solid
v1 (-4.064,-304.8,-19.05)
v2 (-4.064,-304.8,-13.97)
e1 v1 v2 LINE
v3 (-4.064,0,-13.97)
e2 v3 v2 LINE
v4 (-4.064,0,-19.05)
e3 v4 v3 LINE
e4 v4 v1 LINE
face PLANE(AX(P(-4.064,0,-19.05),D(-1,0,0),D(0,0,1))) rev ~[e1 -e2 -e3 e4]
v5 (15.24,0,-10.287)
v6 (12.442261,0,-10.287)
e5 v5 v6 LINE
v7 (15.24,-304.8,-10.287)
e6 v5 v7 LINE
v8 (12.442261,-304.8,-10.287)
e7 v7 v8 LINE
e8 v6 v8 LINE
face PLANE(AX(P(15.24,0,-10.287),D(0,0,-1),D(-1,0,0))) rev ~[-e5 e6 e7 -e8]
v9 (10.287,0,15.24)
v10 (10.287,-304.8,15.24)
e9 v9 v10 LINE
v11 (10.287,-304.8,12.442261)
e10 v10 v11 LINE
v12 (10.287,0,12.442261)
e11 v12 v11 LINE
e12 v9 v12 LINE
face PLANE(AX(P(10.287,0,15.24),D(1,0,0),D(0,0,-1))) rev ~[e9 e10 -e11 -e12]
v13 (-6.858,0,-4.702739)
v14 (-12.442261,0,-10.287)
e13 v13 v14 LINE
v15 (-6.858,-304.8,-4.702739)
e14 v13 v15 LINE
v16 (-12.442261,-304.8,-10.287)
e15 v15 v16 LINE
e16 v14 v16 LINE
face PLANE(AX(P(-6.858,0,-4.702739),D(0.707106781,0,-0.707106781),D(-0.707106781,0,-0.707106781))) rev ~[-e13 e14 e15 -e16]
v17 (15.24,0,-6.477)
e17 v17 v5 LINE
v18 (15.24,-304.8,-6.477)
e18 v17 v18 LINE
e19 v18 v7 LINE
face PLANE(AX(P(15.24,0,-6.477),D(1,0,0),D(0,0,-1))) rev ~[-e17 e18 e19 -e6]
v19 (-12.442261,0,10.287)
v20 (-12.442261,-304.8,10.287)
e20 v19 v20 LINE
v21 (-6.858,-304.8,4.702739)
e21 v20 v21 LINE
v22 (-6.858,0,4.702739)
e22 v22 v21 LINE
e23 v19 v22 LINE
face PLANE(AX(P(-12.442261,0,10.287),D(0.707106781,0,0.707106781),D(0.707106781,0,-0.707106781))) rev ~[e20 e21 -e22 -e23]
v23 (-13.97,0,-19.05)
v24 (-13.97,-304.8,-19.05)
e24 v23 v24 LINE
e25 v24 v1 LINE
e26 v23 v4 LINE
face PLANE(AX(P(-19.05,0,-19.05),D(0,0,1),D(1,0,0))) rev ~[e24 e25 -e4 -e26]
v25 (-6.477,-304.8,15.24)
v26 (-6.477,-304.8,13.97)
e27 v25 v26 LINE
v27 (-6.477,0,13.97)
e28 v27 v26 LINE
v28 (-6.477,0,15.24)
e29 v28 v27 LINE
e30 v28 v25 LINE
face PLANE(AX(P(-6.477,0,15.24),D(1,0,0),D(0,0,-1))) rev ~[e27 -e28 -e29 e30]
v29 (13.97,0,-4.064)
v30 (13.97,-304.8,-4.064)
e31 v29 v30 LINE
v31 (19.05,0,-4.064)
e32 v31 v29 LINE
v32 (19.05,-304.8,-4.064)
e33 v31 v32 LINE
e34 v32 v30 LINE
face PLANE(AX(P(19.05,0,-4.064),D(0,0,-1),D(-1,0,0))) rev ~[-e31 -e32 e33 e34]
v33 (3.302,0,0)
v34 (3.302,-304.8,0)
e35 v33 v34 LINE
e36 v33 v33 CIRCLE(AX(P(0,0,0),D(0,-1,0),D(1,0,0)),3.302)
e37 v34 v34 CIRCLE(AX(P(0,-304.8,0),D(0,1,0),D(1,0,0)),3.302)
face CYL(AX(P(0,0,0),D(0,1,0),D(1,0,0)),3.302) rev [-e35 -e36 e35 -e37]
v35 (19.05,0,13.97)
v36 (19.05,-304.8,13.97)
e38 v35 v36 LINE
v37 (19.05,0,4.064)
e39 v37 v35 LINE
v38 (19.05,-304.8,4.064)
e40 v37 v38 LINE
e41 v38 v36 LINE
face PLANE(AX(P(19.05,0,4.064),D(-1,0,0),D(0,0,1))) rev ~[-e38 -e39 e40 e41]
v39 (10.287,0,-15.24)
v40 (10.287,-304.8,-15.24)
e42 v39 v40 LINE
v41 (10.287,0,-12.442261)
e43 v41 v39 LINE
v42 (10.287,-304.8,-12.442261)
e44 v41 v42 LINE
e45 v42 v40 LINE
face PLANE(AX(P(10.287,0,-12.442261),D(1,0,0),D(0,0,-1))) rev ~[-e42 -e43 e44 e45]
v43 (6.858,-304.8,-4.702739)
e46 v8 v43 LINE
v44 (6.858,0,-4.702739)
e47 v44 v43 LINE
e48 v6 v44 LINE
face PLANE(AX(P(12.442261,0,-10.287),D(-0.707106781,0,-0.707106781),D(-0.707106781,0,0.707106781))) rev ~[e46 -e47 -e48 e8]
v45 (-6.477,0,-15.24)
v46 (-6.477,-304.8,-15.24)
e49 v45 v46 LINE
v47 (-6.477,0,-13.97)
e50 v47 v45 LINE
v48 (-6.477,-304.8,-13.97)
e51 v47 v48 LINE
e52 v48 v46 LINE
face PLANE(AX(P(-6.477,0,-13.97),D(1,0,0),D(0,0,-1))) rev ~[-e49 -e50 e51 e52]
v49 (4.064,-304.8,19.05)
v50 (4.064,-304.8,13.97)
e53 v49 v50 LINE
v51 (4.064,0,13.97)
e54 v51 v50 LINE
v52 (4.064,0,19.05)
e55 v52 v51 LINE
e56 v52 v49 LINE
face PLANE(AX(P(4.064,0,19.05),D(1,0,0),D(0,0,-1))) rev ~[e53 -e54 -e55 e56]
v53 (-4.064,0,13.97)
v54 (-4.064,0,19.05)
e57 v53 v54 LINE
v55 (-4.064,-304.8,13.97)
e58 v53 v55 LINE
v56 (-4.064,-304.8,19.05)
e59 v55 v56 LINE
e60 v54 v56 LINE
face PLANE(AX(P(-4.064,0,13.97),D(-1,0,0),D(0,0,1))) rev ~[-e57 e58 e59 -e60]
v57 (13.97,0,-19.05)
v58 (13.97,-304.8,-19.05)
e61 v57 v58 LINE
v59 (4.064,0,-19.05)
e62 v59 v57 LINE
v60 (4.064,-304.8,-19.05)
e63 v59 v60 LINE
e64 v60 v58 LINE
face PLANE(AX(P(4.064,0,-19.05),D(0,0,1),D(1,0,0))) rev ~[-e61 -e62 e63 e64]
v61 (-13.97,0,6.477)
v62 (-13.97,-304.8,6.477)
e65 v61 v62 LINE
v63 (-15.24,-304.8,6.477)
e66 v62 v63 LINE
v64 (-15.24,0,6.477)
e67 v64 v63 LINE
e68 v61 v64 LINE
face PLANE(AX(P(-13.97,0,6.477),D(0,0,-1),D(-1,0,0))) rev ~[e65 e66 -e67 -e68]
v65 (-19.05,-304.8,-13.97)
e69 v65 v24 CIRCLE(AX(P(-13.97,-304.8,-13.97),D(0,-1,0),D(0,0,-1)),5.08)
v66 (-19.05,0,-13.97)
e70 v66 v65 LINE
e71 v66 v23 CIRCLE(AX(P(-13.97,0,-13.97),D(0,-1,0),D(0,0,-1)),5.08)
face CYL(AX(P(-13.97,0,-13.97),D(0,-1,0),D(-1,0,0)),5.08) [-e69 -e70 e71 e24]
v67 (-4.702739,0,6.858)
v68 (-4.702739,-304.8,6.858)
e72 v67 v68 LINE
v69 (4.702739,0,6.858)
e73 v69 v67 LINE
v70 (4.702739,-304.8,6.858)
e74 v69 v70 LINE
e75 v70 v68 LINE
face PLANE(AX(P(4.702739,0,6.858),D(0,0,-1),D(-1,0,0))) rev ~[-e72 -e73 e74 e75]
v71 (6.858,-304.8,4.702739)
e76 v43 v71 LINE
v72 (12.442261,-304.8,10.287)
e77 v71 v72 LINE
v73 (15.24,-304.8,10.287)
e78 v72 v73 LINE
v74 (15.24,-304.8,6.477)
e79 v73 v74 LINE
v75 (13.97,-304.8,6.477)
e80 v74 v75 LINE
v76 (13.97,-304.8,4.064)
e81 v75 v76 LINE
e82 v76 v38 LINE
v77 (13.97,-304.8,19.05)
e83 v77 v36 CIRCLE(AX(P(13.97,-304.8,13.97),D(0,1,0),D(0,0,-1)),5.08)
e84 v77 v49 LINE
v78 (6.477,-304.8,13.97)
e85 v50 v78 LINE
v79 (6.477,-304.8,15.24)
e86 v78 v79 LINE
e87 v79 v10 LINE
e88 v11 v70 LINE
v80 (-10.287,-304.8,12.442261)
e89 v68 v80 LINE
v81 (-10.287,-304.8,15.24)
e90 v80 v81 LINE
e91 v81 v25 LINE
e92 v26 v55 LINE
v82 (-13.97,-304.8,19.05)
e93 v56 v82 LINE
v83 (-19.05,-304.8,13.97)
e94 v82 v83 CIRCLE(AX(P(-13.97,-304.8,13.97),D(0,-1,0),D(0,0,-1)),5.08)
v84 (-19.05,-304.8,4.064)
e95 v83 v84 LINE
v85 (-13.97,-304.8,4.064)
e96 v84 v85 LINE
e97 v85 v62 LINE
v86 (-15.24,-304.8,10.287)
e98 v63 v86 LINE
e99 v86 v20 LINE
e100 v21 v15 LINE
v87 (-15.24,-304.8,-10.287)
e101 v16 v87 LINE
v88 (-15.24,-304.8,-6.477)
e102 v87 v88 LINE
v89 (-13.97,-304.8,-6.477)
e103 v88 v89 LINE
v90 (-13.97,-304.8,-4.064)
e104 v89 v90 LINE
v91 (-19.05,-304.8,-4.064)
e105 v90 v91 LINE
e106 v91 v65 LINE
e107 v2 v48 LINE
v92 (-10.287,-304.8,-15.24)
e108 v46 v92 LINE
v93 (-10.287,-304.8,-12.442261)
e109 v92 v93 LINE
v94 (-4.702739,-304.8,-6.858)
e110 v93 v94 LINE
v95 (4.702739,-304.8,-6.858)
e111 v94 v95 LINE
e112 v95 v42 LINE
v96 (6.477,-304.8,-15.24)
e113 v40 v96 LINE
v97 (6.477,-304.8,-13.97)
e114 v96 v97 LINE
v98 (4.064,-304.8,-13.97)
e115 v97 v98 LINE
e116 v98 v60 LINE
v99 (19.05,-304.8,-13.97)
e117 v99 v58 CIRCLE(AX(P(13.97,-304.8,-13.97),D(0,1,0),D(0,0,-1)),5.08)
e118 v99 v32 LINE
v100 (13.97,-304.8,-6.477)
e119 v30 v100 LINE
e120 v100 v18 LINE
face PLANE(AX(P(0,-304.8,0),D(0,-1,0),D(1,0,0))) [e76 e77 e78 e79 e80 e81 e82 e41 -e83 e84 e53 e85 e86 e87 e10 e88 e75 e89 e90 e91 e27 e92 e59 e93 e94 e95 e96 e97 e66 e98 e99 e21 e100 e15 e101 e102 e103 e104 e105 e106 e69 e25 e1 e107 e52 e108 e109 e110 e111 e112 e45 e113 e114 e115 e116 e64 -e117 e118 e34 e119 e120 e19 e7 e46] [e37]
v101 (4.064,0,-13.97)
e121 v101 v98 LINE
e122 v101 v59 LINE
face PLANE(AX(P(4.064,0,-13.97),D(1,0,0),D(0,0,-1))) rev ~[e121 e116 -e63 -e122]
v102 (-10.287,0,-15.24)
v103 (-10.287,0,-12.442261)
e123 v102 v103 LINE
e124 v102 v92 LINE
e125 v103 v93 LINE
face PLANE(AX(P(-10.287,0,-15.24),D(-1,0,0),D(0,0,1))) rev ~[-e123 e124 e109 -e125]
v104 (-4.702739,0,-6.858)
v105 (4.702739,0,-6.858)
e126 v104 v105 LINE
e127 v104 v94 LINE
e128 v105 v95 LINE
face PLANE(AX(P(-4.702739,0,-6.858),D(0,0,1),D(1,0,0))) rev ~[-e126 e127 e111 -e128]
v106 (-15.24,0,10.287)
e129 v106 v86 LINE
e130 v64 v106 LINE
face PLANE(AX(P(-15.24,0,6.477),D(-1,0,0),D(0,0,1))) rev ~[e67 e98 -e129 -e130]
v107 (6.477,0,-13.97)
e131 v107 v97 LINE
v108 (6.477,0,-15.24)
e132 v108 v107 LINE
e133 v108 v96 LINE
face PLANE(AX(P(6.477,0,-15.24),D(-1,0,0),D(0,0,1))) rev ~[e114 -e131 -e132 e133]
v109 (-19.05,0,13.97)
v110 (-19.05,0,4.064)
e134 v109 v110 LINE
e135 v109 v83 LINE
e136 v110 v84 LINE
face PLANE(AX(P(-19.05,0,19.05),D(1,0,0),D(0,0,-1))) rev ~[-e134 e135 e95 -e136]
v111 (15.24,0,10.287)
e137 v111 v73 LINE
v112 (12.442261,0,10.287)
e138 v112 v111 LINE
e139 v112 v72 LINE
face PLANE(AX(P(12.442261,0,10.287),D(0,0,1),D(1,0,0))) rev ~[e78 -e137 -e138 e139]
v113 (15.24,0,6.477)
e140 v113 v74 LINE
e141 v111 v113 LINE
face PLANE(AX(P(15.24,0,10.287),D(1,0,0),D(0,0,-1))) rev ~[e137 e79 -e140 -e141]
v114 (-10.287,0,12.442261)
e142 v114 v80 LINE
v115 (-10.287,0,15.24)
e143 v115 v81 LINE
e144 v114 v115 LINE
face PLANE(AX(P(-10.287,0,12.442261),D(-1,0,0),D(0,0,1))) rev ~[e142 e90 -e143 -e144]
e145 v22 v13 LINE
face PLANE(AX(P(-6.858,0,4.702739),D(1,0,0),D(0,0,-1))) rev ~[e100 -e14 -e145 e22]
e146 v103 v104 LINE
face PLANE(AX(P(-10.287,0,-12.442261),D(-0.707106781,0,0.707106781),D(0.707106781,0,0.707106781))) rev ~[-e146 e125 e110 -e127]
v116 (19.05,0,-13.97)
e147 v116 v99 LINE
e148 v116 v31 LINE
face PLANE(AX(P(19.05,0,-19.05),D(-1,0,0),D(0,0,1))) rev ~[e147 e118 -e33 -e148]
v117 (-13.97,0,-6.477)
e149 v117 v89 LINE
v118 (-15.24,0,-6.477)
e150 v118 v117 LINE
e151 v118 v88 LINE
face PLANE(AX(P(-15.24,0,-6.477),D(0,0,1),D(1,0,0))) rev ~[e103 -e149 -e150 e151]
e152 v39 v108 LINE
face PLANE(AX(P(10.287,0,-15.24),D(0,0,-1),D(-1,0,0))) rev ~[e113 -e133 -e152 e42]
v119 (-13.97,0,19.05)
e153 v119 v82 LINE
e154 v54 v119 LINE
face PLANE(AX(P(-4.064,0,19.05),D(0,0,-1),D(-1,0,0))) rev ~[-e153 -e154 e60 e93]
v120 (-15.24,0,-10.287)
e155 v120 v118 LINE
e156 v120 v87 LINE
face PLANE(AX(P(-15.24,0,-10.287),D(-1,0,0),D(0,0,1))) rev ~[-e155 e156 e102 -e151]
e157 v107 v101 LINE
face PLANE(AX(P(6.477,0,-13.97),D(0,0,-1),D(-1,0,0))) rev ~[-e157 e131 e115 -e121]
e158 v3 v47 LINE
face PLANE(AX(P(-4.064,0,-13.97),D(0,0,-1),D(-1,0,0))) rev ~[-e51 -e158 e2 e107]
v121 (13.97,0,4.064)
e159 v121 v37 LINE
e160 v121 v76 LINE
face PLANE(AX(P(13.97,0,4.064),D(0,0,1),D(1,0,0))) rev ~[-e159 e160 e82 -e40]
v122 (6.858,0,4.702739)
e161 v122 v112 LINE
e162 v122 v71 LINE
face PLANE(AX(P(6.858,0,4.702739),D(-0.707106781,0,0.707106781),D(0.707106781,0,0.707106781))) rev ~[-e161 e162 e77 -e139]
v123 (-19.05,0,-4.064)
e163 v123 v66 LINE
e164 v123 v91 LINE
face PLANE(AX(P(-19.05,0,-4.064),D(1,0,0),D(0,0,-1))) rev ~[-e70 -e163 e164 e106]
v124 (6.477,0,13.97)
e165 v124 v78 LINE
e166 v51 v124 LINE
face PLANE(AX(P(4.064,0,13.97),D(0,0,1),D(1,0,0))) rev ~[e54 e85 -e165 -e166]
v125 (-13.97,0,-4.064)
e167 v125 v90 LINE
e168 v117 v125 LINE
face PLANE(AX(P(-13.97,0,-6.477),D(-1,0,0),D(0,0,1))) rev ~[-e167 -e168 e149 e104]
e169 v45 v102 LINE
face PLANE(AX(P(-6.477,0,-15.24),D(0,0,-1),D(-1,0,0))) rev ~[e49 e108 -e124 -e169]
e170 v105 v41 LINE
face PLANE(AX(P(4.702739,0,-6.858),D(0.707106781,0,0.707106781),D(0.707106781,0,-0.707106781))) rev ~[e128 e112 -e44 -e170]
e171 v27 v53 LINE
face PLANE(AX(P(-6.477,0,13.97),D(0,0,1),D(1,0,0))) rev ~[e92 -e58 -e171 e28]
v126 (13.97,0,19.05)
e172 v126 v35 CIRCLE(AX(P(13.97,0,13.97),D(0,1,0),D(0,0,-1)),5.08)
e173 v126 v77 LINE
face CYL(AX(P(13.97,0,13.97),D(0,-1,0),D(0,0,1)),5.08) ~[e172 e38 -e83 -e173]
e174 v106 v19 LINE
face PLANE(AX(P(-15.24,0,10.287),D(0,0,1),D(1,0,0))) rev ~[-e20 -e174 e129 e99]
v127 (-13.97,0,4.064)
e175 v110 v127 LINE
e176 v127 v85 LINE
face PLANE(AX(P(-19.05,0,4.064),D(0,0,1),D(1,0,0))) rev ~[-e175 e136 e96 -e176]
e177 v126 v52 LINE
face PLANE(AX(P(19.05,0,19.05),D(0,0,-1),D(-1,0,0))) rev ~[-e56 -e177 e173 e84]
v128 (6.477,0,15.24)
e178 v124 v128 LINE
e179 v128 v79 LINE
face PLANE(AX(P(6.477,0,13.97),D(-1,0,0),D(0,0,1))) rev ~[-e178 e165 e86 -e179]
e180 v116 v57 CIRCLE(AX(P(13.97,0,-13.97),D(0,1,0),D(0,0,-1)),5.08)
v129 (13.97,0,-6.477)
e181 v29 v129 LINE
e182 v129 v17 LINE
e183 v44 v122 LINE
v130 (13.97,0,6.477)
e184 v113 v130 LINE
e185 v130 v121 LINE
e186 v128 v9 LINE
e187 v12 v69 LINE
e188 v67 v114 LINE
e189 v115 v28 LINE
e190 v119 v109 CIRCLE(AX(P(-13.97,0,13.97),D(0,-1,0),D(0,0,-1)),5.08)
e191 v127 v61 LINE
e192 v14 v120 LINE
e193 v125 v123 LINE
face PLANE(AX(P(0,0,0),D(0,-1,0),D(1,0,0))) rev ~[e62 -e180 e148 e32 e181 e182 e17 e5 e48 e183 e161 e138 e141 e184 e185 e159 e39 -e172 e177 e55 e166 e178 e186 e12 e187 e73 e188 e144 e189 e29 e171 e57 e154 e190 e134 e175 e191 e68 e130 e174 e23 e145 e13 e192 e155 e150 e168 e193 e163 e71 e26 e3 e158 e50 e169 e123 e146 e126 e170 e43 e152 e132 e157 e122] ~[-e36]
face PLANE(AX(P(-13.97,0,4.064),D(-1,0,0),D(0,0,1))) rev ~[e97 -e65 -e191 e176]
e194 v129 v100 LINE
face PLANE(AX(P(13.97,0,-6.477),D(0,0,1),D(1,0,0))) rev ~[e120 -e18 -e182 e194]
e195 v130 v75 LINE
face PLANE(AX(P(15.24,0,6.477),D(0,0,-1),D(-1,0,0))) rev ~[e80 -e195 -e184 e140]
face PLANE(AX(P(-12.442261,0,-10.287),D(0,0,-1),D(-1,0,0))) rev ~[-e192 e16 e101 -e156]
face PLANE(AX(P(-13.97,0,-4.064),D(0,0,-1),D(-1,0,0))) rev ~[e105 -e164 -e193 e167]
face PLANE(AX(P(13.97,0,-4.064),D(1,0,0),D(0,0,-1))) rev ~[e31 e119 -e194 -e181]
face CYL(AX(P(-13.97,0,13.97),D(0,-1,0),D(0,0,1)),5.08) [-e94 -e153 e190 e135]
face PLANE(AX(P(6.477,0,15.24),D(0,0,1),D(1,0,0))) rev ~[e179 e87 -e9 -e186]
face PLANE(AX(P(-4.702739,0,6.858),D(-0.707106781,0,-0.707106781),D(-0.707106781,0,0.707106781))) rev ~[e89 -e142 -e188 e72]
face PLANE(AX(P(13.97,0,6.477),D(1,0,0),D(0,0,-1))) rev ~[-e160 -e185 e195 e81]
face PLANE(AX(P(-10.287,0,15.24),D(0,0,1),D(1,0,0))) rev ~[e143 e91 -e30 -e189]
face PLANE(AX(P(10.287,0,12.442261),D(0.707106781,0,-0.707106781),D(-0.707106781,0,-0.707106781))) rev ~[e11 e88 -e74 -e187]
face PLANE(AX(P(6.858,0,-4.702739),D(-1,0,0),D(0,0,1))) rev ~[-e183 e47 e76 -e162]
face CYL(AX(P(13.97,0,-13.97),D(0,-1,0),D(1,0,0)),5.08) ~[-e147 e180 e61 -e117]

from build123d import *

# Parameters (mm, degrees)
F3_DEPTH = 304.8
F2_R     = 3.302
F4_DEPTH = 304.801
F5_R     = 5.08


with BuildPart() as f3:
    # F1 (on Front) → F3 (new body)
    with BuildSketch(Plane.XZ):
        Polygon((19.05, 19.05), (4.064, 19.05), (4.064, 13.97), (6.477, 13.97), (6.477, 15.24), (10.287, 15.24), (10.287, 13.97), (10.287, 12.442261), (4.702739, 6.858), (4.064, 6.858), (-4.064, 6.858), (-4.702739, 6.858), (-10.287, 12.442261), (-10.287, 13.97), (-10.287, 15.24), (-6.477, 15.24), (-6.477, 13.97), (-4.064, 13.97), (-4.064, 19.05), (-19.05, 19.05), (-19.05, 4.064), (-13.97, 4.064), (-13.97, 6.477), (-15.24, 6.477), (-15.24, 10.287), (-13.97, 10.287), (-12.442261, 10.287), (-6.858, 4.702739), (-6.858, 4.064), (-6.858, 0), (-6.858, -4.064), (-6.858, -4.702739), (-12.442261, -10.287), (-13.97, -10.287), (-15.24, -10.287), (-15.24, -6.477), (-13.97, -6.477), (-13.97, -4.064), (-19.05, -4.064), (-19.05, -19.05), (-4.064, -19.05), (-4.064, -13.97), (-6.477, -13.97), (-6.477, -15.24), (-10.287, -15.24), (-10.287, -13.97), (-10.287, -12.442261), (-4.702739, -6.858), (-4.064, -6.858), (0, -6.858), (4.064, -6.858), (4.702739, -6.858), (10.287, -12.442261), (10.287, -13.97), (10.287, -15.24), (6.477, -15.24), (6.477, -13.97), (4.064, -13.97), (4.064, -19.05), (19.05, -19.05), (19.05, -4.064), (13.97, -4.064), (13.97, -6.477), (15.24, -6.477), (15.24, -10.287), (13.97, -10.287), (12.442261, -10.287), (6.858, -4.702739), (6.858, -4.064), (6.858, 0), (6.858, 4.064), (6.858, 4.702739), (12.442261, 10.287), (13.97, 10.287), (15.24, 10.287), (15.24, 6.477), (13.97, 6.477), (13.97, 4.064), (19.05, 4.064), align=None)
    extrude(amount=F3_DEPTH)

    # F2 (on Front) → F4 (cut, through all)
    with BuildSketch(Plane.XZ):
        Circle(F2_R)
    extrude(amount=F4_DEPTH, mode=Mode.SUBTRACT)

    # F5
    f5_edges = [f3.edges().sort_by_distance(p)[0] for p in [
        (19.05, -152.4, 19.05),
        (-19.05, -152.4, 19.05),
        (19.05, -152.4, -19.05),
        (-19.05, -152.4, -19.05),
    ]]
    fillet(f5_edges, radius=F5_R)


solid = f3.part
